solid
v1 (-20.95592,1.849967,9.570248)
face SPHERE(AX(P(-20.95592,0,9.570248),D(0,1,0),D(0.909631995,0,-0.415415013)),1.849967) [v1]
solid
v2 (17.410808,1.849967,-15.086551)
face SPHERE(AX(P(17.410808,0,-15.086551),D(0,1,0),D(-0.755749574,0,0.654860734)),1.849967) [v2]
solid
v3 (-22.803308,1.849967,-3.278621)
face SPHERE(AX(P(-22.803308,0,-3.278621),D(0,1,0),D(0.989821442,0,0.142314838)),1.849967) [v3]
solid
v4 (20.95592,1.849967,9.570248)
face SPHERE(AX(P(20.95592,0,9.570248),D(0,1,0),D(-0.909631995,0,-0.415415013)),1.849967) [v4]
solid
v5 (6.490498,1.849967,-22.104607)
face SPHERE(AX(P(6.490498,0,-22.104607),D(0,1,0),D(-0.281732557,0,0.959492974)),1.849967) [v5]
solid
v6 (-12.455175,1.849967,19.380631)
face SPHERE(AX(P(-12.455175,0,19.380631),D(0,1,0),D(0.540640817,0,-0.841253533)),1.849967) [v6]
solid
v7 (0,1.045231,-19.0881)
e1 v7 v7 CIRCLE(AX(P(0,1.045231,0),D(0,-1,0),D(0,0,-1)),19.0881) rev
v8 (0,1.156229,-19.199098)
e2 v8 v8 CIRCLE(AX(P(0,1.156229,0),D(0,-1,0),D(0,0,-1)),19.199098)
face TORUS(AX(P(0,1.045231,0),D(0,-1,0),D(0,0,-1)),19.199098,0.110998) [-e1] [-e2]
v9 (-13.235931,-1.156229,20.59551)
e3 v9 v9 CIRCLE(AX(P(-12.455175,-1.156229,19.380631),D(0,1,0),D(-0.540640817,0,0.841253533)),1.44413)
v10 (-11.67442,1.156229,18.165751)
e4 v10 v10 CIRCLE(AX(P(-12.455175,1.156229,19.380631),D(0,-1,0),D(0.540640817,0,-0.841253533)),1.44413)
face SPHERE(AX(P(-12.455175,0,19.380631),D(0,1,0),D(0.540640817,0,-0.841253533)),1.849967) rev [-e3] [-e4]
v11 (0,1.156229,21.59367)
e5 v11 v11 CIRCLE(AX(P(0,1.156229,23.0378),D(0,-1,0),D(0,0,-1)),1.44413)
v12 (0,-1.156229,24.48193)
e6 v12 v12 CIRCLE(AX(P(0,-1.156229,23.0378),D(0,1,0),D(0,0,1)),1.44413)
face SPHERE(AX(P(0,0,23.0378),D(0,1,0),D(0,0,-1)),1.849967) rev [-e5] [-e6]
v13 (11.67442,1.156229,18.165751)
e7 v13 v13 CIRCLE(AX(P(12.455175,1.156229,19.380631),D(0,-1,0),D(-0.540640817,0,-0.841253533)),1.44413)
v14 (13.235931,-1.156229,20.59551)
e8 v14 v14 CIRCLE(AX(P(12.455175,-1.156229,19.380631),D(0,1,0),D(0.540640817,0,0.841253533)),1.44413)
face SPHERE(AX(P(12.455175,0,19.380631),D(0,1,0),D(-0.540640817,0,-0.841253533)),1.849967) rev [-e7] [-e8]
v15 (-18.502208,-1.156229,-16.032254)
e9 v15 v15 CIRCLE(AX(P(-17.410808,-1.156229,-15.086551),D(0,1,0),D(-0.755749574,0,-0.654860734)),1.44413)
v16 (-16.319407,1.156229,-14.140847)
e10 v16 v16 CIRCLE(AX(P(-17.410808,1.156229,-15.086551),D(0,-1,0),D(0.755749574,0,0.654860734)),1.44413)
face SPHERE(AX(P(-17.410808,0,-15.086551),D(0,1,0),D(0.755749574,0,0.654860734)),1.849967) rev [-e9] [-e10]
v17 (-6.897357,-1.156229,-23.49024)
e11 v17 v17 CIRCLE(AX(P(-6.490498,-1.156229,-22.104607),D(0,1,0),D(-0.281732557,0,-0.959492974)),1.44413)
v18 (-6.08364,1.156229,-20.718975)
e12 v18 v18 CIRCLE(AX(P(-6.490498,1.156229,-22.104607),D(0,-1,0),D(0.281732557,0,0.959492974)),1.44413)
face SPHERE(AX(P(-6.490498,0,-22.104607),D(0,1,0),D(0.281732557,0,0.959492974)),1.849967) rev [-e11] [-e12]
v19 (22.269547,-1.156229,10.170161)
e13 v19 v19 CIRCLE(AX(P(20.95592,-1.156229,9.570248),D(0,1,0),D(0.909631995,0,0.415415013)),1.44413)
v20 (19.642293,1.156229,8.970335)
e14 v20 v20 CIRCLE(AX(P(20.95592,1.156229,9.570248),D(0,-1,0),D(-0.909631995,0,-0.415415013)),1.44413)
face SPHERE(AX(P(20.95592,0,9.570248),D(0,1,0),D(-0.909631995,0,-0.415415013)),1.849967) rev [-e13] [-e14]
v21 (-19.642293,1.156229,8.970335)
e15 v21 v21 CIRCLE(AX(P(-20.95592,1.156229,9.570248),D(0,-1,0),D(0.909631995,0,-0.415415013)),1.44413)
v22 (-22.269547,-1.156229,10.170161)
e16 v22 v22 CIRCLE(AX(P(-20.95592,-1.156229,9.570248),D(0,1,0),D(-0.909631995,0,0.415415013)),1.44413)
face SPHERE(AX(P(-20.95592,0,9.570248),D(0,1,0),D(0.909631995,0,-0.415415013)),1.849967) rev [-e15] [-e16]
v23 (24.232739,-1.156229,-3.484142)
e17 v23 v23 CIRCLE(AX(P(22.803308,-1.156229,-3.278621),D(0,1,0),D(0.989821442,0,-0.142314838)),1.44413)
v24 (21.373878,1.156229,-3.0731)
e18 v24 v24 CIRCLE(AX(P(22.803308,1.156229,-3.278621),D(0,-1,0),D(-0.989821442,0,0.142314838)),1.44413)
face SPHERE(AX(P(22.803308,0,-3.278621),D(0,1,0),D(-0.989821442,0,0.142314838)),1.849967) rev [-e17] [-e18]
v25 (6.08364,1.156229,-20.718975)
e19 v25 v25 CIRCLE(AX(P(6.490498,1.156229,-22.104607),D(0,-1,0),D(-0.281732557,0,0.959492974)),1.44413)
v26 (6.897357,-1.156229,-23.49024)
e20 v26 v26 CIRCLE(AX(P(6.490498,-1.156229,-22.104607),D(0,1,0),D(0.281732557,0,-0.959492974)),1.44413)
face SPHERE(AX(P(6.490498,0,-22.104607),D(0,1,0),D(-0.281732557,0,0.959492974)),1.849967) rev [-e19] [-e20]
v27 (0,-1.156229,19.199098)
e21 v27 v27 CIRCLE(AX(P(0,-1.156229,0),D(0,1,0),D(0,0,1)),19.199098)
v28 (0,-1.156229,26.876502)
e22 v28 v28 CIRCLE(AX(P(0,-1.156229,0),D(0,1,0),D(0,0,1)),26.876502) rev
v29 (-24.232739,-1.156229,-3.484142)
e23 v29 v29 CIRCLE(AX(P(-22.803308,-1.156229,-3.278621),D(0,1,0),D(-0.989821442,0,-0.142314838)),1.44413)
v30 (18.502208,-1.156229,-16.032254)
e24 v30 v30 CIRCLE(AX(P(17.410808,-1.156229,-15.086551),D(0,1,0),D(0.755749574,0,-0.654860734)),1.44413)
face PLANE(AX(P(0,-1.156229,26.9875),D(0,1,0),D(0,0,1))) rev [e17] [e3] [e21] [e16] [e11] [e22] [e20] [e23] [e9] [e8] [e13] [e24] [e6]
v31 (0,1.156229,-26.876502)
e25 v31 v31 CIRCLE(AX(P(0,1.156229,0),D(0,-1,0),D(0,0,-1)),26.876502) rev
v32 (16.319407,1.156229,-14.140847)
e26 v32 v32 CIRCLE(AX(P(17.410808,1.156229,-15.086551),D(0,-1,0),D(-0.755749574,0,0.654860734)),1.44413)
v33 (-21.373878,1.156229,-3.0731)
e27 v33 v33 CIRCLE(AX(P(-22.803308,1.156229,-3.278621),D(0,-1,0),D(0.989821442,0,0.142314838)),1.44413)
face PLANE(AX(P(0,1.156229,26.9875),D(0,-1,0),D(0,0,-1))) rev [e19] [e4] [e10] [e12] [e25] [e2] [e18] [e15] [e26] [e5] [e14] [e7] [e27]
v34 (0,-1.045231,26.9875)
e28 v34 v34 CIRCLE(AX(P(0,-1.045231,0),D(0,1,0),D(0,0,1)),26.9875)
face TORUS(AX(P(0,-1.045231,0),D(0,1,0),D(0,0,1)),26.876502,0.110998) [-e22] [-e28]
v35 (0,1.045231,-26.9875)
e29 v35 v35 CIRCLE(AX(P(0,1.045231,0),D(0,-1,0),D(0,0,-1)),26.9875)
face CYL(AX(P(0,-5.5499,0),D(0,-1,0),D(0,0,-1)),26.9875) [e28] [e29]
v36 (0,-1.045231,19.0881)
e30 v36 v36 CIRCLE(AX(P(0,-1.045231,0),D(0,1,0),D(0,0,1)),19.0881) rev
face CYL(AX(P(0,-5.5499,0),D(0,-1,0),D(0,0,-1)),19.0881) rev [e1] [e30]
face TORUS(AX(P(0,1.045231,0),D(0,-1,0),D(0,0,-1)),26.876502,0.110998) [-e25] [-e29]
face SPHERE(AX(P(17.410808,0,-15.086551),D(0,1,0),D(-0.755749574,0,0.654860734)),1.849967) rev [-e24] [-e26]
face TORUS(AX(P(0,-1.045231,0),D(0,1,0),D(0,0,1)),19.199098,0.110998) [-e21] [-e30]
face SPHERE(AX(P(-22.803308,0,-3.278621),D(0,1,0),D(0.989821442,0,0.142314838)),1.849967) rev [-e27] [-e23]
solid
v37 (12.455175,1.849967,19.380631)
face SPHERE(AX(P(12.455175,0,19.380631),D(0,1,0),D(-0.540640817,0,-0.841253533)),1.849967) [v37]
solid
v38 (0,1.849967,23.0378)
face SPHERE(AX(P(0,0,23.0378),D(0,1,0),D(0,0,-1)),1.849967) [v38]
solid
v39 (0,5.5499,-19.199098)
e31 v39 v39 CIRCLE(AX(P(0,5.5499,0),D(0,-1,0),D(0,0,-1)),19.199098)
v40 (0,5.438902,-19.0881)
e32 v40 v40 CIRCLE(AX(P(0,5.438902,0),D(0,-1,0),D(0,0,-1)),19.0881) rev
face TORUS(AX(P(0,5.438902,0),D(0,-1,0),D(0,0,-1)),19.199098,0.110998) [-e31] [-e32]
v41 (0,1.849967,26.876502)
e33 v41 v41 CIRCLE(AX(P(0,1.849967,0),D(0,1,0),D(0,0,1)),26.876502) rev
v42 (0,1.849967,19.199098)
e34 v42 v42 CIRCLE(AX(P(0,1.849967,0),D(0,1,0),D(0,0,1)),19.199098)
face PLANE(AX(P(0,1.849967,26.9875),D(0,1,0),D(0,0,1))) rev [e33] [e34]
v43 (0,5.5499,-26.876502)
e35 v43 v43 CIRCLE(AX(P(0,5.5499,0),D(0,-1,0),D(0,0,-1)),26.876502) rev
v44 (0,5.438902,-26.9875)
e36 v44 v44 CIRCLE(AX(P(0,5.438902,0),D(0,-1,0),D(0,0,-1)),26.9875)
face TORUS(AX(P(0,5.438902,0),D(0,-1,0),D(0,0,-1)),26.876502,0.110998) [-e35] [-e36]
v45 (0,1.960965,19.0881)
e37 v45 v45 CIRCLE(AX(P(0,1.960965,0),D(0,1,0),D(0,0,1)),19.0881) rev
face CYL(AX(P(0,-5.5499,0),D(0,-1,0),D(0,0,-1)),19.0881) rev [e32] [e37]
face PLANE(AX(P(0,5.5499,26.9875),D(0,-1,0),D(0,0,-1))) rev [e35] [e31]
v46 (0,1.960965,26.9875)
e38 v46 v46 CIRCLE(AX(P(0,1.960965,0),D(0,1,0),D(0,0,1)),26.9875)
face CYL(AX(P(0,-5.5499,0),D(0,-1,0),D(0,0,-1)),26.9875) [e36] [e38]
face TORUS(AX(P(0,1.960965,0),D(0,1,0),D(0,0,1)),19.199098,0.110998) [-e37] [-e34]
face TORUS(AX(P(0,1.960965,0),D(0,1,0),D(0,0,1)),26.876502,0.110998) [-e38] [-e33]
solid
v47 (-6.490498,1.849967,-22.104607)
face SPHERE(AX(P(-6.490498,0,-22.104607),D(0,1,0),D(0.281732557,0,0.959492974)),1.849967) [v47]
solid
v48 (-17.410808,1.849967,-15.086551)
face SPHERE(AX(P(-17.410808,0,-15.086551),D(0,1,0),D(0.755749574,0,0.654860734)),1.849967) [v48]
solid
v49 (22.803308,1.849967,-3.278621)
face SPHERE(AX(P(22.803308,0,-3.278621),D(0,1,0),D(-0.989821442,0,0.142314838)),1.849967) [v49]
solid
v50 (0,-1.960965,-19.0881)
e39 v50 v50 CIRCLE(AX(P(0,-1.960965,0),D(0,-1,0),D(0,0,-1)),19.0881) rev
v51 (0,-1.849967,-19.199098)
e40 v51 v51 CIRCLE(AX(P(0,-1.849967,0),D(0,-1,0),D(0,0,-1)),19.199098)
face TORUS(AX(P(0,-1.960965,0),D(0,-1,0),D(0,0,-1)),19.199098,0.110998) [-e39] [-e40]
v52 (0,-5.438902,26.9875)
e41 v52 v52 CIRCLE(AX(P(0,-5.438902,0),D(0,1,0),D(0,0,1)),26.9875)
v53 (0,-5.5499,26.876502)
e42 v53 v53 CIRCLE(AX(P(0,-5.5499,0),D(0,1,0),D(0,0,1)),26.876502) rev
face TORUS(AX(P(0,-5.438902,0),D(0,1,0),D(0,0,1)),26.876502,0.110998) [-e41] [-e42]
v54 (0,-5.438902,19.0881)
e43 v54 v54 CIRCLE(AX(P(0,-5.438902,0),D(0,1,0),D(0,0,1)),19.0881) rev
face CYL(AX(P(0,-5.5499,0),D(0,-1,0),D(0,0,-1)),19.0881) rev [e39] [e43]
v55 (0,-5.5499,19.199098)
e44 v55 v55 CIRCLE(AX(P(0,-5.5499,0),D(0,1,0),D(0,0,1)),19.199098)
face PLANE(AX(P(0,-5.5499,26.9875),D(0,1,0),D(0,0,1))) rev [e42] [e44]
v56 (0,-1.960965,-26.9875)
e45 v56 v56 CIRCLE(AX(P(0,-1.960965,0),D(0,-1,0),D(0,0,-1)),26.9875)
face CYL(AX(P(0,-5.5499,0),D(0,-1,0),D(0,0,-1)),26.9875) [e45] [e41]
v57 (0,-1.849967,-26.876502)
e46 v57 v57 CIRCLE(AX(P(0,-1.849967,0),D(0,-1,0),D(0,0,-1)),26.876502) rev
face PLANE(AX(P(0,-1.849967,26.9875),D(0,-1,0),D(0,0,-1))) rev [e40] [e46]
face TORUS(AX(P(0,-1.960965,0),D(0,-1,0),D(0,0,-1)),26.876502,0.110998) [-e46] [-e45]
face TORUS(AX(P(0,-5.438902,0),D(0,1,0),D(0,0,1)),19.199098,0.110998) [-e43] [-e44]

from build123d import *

# Parameters (mm, degrees)
SKETCH1_W         = 7.8994
SKETCH1_H         = 2.312458334
CIRPATTERN1_COUNT = 11
CIRPATTERN1_ANGLE = 327.272727273
CIRPATTERN2_COUNT = 11
SKETCH4_W         = 7.8994
SKETCH4_H         = 3.699933333
FILLET1_R         = 0.110998
FILLET2_R         = 0.110998
FILLET3_R         = 0.110998


with BuildPart() as part:
    # Sketch1 → Revolve1 (revolve)
    with BuildSketch(Plane(origin=(0, 0, 0), x_dir=(0, 0, -1), z_dir=(1, 0, 0))):
        with Locations((-23.0378, 0)):
            Rectangle(SKETCH1_W, SKETCH1_H)
    revolve(axis=Axis((0, -5.5499, 0), (0, 1, 0)))

    # Sketch3 → Cut-Revolve1 (revolve, cut)
    with BuildSketch(Plane(origin=(0, 0, 0), x_dir=(0, 0, -1), z_dir=(1, 0, 0))):
        with BuildLine():
            Line((-23.0378, 1.849966667), (-23.0378, -1.849966667))
            ThreePointArc((-23.0378, -1.849966667), (-24.887766667, 0), (-23.0378, 1.849966667))
        make_face()
    cut_revolve1 = revolve(axis=Axis((0, 1.849966667, 23.0378), (0, -1, 0)), mode=Mode.SUBTRACT)

    # CirPattern2: Cut-Revolve1 ×11 about axis
    cirpattern2_axis = Axis((0, 0, 0), (0, 1, 0))
    for i in range(1, CIRPATTERN2_COUNT):
        add(cut_revolve1.rotate(cirpattern2_axis, i * 360 / CIRPATTERN2_COUNT), mode=Mode.SUBTRACT)

    # Fillet2
    fillet2_edges = [part.edges().sort_by_distance(p)[0] for p in [
        (0, 1.156229167, -26.9875),
        (0, 1.156229167, -19.0881),
        (0, -1.156229167, -19.0881),
        (0, -1.156229167, -26.9875),
    ]]
    fillet(fillet2_edges, radius=FILLET2_R)


with BuildPart() as body_2:
    # Sketch2 → Revolve2 (revolve)
    with BuildSketch(Plane(origin=(0, 0, 0), x_dir=(0, 0, -1), z_dir=(1, 0, 0))):
        with BuildLine():
            Line((-23.0378, 1.849966667), (-23.0378, -1.849966667))
            ThreePointArc((-23.0378, -1.849966667), (-24.887766667, 0), (-23.0378, 1.849966667))
        make_face()
    revolve(axis=Axis((0, 1.849966667, 23.0378), (0, -1, 0)))


with BuildPart() as cirpattern1_1:
    # CirPattern1: pattern copy
    add(body_2.part.rotate(Axis((0, 5.5499, 0), (0, -1, 0)), 1 * CIRPATTERN1_ANGLE / (CIRPATTERN1_COUNT - 1)))


with BuildPart() as cirpattern1_2:
    # CirPattern1: pattern copy
    add(body_2.part.rotate(Axis((0, 5.5499, 0), (0, -1, 0)), 2 * CIRPATTERN1_ANGLE / (CIRPATTERN1_COUNT - 1)))


with BuildPart() as cirpattern1_3:
    # CirPattern1: pattern copy
    add(body_2.part.rotate(Axis((0, 5.5499, 0), (0, -1, 0)), 3 * CIRPATTERN1_ANGLE / (CIRPATTERN1_COUNT - 1)))


with BuildPart() as cirpattern1_4:
    # CirPattern1: pattern copy
    add(body_2.part.rotate(Axis((0, 5.5499, 0), (0, -1, 0)), 4 * CIRPATTERN1_ANGLE / (CIRPATTERN1_COUNT - 1)))


with BuildPart() as cirpattern1_5:
    # CirPattern1: pattern copy
    add(body_2.part.rotate(Axis((0, 5.5499, 0), (0, -1, 0)), 5 * CIRPATTERN1_ANGLE / (CIRPATTERN1_COUNT - 1)))


with BuildPart() as cirpattern1_6:
    # CirPattern1: pattern copy
    add(body_2.part.rotate(Axis((0, 5.5499, 0), (0, -1, 0)), 6 * CIRPATTERN1_ANGLE / (CIRPATTERN1_COUNT - 1)))


with BuildPart() as cirpattern1_7:
    # CirPattern1: pattern copy
    add(body_2.part.rotate(Axis((0, 5.5499, 0), (0, -1, 0)), 7 * CIRPATTERN1_ANGLE / (CIRPATTERN1_COUNT - 1)))


with BuildPart() as cirpattern1_8:
    # CirPattern1: pattern copy
    add(body_2.part.rotate(Axis((0, 5.5499, 0), (0, -1, 0)), 8 * CIRPATTERN1_ANGLE / (CIRPATTERN1_COUNT - 1)))


with BuildPart() as cirpattern1_9:
    # CirPattern1: pattern copy
    add(body_2.part.rotate(Axis((0, 5.5499, 0), (0, -1, 0)), 9 * CIRPATTERN1_ANGLE / (CIRPATTERN1_COUNT - 1)))


with BuildPart() as cirpattern1_10:
    # CirPattern1: pattern copy
    add(body_2.part.rotate(Axis((0, 5.5499, 0), (0, -1, 0)), 10 * CIRPATTERN1_ANGLE / (CIRPATTERN1_COUNT - 1)))


with BuildPart() as body_13:
    # Sketch4 → Revolve3 (revolve)
    with BuildSketch(Plane(origin=(0, 0, 0), x_dir=(0, 0, -1), z_dir=(1, 0, 0))):
        with Locations((-23.0378, 3.699933334)):
            Rectangle(SKETCH4_W, SKETCH4_H)
        with Locations((-23.0378, -3.699933334)):
            Rectangle(SKETCH4_W, SKETCH4_H)
    revolve(axis=Axis((0, -5.5499, 0), (0, 1, 0)))

    # Fillet1
    fillet1_edges = [body_13.edges().sort_by_distance(p)[0] for p in [
        (0, 1.849966667, -26.9875),
        (0, 1.849966667, -19.0881),
        (0, 5.5499, -19.0881),
        (0, 5.5499, -26.9875),
    ]]
    fillet(fillet1_edges, radius=FILLET1_R)

    # Fillet3
    fillet3_edges = [body_13.edges().sort_by_distance(p)[0] for p in [
        (0, -5.5499, -26.9875),
        (0, -5.5499, -19.0881),
        (0, -1.849966667, -19.0881),
        (0, -1.849966667, -26.9875),
    ]]
    fillet(fillet3_edges, radius=FILLET3_R)


solid = Compound([part.part, body_2.part, cirpattern1_1.part, cirpattern1_2.part, cirpattern1_3.part, cirpattern1_4.part, cirpattern1_5.part, cirpattern1_6.part, cirpattern1_7.part, cirpattern1_8.part, cirpattern1_9.part, cirpattern1_10.part, body_13.part])
